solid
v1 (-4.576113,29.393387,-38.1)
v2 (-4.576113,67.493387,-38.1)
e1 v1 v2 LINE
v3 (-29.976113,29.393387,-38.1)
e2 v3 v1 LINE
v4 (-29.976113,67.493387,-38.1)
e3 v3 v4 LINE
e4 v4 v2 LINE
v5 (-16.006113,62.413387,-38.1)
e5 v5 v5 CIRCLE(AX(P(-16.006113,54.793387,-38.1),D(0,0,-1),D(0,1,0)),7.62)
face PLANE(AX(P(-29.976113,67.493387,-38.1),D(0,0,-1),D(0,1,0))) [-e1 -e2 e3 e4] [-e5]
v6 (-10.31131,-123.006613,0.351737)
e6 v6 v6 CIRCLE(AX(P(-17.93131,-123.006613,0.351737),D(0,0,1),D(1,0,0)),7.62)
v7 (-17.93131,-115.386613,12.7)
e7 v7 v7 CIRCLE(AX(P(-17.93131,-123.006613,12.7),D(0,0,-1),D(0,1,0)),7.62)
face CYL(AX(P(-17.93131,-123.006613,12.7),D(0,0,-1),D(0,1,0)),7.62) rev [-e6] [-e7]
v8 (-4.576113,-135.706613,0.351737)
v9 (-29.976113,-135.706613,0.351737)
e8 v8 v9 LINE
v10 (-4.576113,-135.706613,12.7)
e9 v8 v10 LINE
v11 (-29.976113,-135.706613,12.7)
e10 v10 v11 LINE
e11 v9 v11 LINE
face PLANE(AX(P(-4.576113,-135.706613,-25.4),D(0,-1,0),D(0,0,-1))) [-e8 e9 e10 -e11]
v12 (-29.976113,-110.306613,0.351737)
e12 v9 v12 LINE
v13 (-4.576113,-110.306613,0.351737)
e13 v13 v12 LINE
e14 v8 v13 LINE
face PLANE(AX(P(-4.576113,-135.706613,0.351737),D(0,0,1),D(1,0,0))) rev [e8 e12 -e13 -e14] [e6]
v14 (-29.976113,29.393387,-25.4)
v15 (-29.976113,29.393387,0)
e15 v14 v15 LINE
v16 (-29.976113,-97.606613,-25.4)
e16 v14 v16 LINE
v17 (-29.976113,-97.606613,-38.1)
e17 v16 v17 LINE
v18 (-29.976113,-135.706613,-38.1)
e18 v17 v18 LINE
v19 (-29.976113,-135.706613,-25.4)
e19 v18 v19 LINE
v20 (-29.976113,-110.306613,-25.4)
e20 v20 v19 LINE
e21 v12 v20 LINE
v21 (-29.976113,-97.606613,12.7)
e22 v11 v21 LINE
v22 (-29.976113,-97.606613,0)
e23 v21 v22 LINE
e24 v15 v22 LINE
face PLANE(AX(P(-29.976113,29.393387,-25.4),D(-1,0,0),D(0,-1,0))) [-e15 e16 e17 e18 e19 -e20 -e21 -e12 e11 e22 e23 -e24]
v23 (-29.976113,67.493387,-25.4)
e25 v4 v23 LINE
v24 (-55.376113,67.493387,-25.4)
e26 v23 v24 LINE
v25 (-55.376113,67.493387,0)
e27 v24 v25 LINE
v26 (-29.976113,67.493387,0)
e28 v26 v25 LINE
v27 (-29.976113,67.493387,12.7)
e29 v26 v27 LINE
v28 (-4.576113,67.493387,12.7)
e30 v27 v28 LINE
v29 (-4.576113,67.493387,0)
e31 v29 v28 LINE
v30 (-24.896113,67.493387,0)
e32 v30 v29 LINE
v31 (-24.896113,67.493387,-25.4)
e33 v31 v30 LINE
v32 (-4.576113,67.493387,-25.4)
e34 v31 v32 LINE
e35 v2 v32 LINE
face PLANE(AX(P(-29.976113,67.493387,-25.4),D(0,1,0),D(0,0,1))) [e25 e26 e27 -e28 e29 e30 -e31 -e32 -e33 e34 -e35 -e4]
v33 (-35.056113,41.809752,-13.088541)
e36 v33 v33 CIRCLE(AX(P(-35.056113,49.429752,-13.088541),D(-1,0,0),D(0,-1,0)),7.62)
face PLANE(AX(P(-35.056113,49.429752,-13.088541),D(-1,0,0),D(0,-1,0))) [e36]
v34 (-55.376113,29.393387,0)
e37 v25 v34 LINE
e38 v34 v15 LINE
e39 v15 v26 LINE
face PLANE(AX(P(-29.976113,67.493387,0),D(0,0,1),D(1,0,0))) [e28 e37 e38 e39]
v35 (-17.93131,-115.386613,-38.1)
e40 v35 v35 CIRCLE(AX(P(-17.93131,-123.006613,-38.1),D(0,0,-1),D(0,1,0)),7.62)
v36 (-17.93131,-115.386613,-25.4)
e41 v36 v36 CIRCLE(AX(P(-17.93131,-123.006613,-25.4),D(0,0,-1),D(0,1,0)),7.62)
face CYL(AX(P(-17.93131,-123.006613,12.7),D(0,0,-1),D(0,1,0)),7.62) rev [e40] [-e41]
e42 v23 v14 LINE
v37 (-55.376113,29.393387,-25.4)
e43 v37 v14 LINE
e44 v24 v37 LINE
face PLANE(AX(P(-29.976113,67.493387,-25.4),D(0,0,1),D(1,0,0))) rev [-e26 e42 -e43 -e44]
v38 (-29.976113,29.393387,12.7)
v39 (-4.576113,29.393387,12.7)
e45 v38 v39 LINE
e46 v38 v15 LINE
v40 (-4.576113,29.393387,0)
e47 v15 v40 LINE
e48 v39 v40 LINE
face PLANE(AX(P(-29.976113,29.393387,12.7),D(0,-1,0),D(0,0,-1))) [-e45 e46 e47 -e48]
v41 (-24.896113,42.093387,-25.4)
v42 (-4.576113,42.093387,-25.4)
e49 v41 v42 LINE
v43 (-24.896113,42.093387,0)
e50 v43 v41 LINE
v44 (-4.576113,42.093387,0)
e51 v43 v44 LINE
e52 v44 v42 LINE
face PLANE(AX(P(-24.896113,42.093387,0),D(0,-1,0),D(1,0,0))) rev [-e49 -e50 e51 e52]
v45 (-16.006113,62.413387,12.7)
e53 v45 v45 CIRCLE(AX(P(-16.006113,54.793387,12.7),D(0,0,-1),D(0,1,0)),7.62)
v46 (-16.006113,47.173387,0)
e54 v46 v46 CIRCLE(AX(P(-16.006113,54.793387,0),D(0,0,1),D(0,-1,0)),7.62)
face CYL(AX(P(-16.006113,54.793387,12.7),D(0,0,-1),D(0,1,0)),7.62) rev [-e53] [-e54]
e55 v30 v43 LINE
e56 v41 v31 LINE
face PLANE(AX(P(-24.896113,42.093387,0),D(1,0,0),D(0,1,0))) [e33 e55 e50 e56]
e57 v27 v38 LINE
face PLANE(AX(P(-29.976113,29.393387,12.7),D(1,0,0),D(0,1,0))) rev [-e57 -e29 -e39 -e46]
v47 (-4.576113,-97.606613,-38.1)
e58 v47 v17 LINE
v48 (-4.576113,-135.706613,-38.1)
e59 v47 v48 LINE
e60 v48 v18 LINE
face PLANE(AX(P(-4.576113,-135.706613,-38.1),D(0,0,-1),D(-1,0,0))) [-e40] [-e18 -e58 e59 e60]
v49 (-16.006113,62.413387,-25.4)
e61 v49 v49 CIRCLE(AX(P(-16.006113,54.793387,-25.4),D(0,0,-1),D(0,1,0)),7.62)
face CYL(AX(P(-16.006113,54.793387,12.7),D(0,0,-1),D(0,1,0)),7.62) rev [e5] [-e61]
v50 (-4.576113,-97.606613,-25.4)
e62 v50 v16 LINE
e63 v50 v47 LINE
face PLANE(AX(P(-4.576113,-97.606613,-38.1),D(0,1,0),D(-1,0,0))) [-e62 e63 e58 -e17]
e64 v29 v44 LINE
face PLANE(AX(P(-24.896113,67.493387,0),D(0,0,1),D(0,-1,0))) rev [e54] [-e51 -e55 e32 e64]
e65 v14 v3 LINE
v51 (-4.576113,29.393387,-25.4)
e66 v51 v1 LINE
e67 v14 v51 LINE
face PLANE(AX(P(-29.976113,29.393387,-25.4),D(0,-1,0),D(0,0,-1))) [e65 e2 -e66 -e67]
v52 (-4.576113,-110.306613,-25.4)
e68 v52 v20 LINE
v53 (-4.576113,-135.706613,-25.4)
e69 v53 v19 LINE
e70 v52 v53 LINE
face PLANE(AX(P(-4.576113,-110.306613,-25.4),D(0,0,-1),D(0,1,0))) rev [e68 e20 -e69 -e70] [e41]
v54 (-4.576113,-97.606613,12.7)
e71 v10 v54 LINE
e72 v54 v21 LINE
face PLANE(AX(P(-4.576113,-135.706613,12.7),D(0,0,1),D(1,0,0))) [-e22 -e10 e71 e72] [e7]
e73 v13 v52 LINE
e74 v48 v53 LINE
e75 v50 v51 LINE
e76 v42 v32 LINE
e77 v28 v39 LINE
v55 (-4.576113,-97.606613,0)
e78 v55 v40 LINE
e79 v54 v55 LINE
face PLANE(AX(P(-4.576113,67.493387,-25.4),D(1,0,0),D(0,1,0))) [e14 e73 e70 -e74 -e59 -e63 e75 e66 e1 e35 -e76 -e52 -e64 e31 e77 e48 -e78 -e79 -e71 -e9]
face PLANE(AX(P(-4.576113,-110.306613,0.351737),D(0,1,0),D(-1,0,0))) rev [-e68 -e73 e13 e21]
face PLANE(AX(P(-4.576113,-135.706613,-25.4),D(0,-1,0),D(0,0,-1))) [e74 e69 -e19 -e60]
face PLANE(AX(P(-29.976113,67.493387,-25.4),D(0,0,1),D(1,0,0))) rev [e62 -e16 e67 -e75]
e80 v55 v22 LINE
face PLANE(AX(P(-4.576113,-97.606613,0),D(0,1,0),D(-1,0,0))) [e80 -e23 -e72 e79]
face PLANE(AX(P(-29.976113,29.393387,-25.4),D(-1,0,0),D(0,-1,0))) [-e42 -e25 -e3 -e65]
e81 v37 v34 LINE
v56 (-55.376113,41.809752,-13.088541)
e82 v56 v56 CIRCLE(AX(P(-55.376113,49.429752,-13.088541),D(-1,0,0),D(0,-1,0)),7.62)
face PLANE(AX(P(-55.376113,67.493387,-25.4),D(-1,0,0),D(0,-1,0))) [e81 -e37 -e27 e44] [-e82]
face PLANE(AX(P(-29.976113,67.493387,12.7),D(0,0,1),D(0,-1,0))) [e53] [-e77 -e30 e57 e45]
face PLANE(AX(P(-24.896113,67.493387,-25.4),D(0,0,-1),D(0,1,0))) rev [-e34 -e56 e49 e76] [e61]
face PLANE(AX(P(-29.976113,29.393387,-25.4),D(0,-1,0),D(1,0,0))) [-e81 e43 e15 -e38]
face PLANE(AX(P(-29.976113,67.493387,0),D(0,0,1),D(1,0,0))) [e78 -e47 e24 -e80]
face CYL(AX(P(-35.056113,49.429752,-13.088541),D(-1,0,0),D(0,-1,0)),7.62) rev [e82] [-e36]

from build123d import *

# Parameters (mm, degrees)
BASE_EXTRUDE_DEPTH  = 25.4
SKETCH7_W           = 12.7
SKETCH7_H           = 38.1
BOSS_EXTRUDE5_DEPTH = 25.4
SKETCH8_W           = 25.751736715
SKETCH8_H           = 25.4
CUT_EXTRUDE5_DEPTH  = 25.4
SKETCH11_W          = 12.7
SKETCH11_H          = 38.1
BOSS_EXTRUDE6_DEPTH = 25.4
SKETCH12_W          = 25.4
SKETCH12_H          = 25.4
CUT_EXTRUDE7_DEPTH  = 20.32
SKETCH13_R          = 7.62
CUT_EXTRUDE8_DEPTH  = 20.32
SKETCH14_R          = 7.62
CUT_EXTRUDE9_DEPTH  = 50.8


with BuildPart() as part:
    # Sketch1 → Base-Extrude (new body)
    with BuildSketch(Plane.XY):
        Polygon((-4.57611336, -135.706612686), (-29.97611336, -135.706612686), (-29.97611336, 29.393387314), (-55.37611336, 29.393387314), (-55.37611336, 67.493387314), (-29.97611336, 67.493387314), (-4.57611336, 67.493387314), align=None)
    extrude(amount=-BASE_EXTRUDE_DEPTH)

    # Sketch7 → Boss-Extrude5 (add)
    with BuildSketch(Plane.ZY.offset(29.97611336)):
        with Locations((-31.75, -116.656612686)):
            Rectangle(SKETCH7_W, SKETCH7_H)
        with Locations((6.35, -116.656612686)):
            Rectangle(SKETCH7_W, SKETCH7_H)
    extrude(amount=-BOSS_EXTRUDE5_DEPTH)

    # Sketch8 → Cut-Extrude5 (cut)
    with BuildSketch(Plane.ZY.offset(29.97611336)):
        with Locations((-12.524131643, -123.006612686)):
            Rectangle(SKETCH8_W, SKETCH8_H)
    extrude(amount=-CUT_EXTRUDE5_DEPTH, mode=Mode.SUBTRACT)

    # Sketch11 → Boss-Extrude6 (add)
    with BuildSketch(Plane(origin=(-4.57611336, 0, 0), x_dir=(0, 0, -1), z_dir=(1, 0, 0))):
        with Locations((31.75, 48.443387314)):
            Rectangle(SKETCH11_W, SKETCH11_H)
        with Locations((-6.35, 48.443387314)):
            Rectangle(SKETCH11_W, SKETCH11_H)
    extrude(amount=-BOSS_EXTRUDE6_DEPTH)

    # Sketch12 → Cut-Extrude7 (cut)
    with BuildSketch(Plane(origin=(-4.57611336, 0, 0), x_dir=(0, 0, -1), z_dir=(1, 0, 0))):
        with Locations((12.7, 54.793387314)):
            Rectangle(SKETCH12_W, SKETCH12_H)
    extrude(amount=-CUT_EXTRUDE7_DEPTH, mode=Mode.SUBTRACT)

    # Sketch13 → Cut-Extrude8 (cut)
    with BuildSketch(Plane.ZY.offset(55.37611336)):
        with Locations(Location((-13.088541232, 49.429752215, 0), (0, 0, 270))):
            Circle(SKETCH13_R)
    extrude(amount=-CUT_EXTRUDE8_DEPTH, mode=Mode.SUBTRACT)

    # Sketch14 → Cut-Extrude9 (cut)
    with BuildSketch(Plane(origin=(0, 0, -38.1), x_dir=(-1, 0, 0), z_dir=(0, 0, -1))):
        with Locations(Location((16.00611336, 54.793387314, 0), (0, 0, 90))):
            Circle(SKETCH14_R)
        with Locations(Location((17.931310165, -123.006612686, 0), (0, 0, 90))):
            Circle(SKETCH14_R)
    extrude(amount=-CUT_EXTRUDE9_DEPTH, mode=Mode.SUBTRACT)


solid = part.part
